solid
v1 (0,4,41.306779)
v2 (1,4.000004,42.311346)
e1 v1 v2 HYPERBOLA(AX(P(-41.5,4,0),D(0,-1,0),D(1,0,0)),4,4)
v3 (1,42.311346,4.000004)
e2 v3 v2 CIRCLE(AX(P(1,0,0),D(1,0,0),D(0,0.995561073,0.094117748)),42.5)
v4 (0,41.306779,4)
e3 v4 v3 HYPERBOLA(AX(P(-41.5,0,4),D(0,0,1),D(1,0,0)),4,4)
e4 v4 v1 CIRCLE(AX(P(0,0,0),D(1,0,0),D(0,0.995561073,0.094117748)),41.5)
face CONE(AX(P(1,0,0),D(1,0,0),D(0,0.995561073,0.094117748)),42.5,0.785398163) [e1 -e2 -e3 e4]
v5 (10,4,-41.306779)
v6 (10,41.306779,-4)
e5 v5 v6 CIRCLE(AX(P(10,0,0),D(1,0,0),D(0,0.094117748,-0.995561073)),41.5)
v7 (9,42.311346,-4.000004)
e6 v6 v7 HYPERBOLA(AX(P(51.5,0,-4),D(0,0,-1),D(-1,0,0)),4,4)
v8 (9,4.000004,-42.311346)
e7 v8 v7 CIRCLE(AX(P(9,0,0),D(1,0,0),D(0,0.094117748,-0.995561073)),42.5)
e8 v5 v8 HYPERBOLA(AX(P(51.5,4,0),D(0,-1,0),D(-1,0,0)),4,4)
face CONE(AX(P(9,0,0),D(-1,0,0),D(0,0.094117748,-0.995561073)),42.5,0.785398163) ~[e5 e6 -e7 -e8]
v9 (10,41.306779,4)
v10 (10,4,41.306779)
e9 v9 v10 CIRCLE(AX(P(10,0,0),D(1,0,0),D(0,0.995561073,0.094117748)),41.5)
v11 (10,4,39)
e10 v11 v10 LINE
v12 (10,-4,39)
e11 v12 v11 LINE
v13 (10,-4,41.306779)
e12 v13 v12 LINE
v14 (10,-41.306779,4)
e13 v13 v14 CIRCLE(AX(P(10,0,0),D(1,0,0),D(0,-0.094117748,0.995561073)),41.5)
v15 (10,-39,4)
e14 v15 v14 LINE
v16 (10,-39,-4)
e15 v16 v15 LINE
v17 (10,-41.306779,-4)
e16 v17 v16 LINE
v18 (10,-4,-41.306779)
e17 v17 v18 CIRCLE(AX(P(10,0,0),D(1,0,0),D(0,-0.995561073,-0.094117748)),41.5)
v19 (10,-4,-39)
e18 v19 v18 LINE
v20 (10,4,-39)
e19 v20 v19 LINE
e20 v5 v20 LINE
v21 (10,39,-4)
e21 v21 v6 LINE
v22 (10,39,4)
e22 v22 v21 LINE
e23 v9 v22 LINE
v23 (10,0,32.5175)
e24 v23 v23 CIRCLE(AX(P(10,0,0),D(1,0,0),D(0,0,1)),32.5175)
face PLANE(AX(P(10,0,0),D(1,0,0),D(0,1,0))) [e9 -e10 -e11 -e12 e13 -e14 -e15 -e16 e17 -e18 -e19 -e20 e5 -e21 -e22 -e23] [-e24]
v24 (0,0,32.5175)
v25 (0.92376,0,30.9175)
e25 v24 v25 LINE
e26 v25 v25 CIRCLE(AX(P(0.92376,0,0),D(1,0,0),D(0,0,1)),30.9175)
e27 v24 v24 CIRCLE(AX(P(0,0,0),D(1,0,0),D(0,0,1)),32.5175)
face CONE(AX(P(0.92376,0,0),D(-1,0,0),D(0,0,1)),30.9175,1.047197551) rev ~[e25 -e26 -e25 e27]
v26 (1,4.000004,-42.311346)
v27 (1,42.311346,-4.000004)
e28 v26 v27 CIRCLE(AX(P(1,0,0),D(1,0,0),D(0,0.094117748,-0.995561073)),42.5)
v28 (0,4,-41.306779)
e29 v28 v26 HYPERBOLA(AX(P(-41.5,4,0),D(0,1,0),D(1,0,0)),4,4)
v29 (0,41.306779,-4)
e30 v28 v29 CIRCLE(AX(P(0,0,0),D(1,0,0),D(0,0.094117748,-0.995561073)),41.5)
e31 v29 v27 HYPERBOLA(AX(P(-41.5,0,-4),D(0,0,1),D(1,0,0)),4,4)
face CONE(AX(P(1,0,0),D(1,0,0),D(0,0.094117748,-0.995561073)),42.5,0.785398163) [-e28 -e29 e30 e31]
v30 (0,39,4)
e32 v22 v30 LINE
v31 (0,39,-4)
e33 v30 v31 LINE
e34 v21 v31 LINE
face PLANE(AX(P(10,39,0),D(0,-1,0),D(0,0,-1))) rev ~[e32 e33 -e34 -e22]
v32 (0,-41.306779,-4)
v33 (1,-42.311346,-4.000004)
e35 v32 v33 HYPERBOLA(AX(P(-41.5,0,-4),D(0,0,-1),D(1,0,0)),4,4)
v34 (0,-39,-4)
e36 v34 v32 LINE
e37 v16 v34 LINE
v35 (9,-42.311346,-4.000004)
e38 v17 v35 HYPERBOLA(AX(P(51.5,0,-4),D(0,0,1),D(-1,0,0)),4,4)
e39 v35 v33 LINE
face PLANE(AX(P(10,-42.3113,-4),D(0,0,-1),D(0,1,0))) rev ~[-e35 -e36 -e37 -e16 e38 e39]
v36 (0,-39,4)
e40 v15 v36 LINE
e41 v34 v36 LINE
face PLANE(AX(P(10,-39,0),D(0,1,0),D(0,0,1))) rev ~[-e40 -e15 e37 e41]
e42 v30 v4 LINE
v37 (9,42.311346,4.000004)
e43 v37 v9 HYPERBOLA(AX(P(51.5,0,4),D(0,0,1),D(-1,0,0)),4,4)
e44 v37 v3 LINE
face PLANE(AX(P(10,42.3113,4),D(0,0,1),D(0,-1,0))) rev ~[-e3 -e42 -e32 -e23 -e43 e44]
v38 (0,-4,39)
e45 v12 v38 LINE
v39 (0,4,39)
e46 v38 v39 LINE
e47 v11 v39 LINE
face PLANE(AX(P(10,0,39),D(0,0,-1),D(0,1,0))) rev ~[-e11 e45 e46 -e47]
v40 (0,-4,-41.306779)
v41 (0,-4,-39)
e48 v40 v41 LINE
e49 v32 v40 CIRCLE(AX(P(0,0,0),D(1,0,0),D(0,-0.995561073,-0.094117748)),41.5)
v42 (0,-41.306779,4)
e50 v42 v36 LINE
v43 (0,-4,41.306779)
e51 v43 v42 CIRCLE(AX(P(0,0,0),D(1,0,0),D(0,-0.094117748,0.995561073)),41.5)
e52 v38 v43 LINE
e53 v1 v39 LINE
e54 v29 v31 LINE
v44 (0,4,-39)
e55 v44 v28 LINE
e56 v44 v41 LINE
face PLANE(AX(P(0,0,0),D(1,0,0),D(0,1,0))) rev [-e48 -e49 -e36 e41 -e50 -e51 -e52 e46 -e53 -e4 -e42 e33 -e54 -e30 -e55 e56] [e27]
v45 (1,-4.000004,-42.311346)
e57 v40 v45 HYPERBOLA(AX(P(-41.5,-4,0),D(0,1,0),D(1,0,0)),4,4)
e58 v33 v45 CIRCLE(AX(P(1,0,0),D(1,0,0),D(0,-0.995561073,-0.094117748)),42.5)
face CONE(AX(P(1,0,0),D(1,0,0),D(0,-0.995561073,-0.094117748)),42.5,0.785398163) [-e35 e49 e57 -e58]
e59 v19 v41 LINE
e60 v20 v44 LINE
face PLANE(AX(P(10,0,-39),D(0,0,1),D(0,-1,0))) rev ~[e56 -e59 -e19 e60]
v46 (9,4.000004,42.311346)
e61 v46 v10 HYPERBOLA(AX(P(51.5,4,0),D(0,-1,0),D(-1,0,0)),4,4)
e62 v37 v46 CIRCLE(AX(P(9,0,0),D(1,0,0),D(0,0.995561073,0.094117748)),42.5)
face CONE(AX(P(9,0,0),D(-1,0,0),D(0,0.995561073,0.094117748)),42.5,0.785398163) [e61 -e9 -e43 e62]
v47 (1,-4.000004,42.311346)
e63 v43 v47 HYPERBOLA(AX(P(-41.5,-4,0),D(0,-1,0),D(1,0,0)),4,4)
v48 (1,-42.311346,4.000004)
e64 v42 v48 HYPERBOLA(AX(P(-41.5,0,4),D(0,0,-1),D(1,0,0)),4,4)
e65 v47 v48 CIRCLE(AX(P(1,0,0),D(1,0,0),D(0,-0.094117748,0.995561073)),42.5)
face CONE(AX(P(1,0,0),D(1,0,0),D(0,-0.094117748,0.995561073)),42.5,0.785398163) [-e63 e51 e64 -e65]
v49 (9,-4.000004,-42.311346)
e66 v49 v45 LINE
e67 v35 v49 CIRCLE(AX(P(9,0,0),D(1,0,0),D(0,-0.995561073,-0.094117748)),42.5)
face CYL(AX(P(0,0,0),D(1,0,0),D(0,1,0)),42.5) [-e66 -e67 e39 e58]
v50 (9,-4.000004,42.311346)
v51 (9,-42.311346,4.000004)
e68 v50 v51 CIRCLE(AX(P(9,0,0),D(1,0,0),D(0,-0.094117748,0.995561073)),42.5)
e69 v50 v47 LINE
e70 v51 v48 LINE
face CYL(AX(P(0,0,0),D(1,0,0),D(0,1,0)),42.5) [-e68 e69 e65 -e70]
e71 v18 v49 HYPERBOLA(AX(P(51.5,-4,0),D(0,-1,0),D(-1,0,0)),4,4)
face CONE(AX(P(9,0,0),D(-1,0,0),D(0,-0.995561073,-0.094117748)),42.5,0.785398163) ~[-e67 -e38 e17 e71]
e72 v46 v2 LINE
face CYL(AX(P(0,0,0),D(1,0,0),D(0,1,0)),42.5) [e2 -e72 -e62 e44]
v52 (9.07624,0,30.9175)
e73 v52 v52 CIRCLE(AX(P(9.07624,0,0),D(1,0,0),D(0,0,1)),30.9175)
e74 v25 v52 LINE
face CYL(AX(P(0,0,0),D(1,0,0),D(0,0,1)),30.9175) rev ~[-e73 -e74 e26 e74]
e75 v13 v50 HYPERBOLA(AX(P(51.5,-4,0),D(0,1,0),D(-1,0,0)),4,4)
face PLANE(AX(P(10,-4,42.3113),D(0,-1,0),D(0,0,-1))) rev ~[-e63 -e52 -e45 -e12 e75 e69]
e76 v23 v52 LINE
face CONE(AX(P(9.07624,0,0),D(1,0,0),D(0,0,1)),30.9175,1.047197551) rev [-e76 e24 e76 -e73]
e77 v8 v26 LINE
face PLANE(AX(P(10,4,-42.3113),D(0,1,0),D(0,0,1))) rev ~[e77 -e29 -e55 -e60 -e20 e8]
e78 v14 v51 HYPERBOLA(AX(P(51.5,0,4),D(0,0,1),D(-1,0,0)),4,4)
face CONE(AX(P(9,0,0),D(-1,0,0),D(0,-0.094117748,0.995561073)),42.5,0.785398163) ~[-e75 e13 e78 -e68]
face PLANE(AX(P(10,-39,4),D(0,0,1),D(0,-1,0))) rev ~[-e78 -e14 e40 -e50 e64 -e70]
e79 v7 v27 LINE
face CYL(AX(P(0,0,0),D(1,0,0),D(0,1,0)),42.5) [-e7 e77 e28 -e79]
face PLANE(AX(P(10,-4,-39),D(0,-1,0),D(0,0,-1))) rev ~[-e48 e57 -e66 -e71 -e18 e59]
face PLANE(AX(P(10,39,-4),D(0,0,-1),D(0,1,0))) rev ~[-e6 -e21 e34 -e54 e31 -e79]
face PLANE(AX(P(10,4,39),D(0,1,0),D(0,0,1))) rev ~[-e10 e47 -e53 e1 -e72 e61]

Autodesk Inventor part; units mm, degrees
ref_plane "YZ Plane" through (0, 0, 0) normal (1, 0, 0) x (0, 1, 0)
ref_plane "XZ Plane" through (0, 0, 0) normal (0, 1, 0) x (-1, 0, 0)
sketch "草图1" plane through (0, 0, 0) normal (0, 0, 1) x (1, 0, 0)
  line L0 (0, 0) -> (10, 0)
  line L1 (0, 0) -> (0, 42.5)
  line L2 (0, 42.5) -> (10, 42.5)
  line L3 (10, 42.5) -> (10, 0)
  line L4 (0, 51) -> (0, -8.5) projected
  line L5 (-2, 0) -> (12, 0) projected
  dimension "d1" = 85
  dimension "d2" = 10
revolve "轴承体" add sketch "草图1" angle 360 about axis through (0, 0, 0) along (1, 0, 0)
sketch "草图2" plane through (0, 0, 0) normal (-1, 0, 0) x (0, 0, 1)
  circle A0 centre (0, 0) radius 42.5 projected
  point P0 (0, 0)
hole "螺纹" at (0, 0, 0) direction (1, 0, 0) diameter 61.835 end through all thread size "M64x2" class "6H" standard "GB Metric profile"
sketch "草图3" plane through (10, 0, 0) normal (1, 0, 0) x (0, 0, -1)
  circle A0 centre (0, 0) radius 42.5 projected
  line L0 (-4, 42.3113) -> (-4, 39)
  line L1 (-4, 39) -> (4, 39)
  line L2 (4, 39) -> (4, 42.3113)
  line L3 (0, -59.5) -> (0, 59.5) projected
  line L4 (-59.5, 0) -> (59.5, 0) projected
  dimension "d12" = 4
  dimension "d13" = 4
  dimension "d14" = 39
extrude "沟槽1" cut sketch "草图3" against normal through all contours L2 L1 L3 A0 | L3 L1 L0 A0
pattern_circular "IDS_ARRAYGROOVE{1}" count 4 over 360 about axis through (-10, 0, 0) along (1, 0, 0) of "沟槽1"
chamfer "倒角1" distance 1 angle 45 4 edges at (0, 30.052, -30.052) (0, 30.052, 30.052) (0, -30.052, -30.052) (0, -30.052, 30.052) measured on face at (0, -20.4276, -32.5865)
chamfer "倒角2" distance 1 angle 45 4 edges at (10, 30.052, 30.052) (10, 30.052, -30.052) (10, -30.052, -30.052) (10, -30.052, 30.052) measured on face at (10, -20.4276, -32.5865)
chamfer "倒角3" distance 1.6 angle 30 1 edges at (10, 0, -30.9175) measured on face at (10, 20.075, -32.0252)
chamfer "倒角4" distance 1.6 angle 30 1 edges at (0, 0, -30.9175) measured on face at (0, -20.075, -32.0252)
ref_plane "Work Plane1" through (120.6234, 0, 0) normal (0, 1, 0) x (-1, 0, 0)
equation "\"d1\" = SD2"
equation "\"d2\" = KOH"
equation "\"d12\" = 0.5 * SNB"
equation "\"d13\" = 0.5 * SNB"
equation "\"d14\" = 0.5 * SD2 - SNT"
equation "\"d10\" = -0.5 * LADI + 0.5 * SD2"
equation "\"d11\" = FAWI"
equation "\"d41\" = -0.5 * LADI + 0.5 * SD2"
equation "\"d25\" = -0.5 * LADI + 0.5 * SD2"
equation "\"d27\" = FAWI"
equation "\"d42\" = -0.5 * LADI + 0.5 * SD2"
equation "\"d18\" = 0.025 * NND"
equation "\"d43\" = 0.025 * NND"
equation "\"d20\" = 0.025 * NND"
equation "\"d44\" = 0.025 * NND"
equation "\"NND\" = 64"
equation "\"KOH\" = 10"
equation "\"SD2\" = 85"
equation "\"SNB\" = 8"
equation "\"SNT\" = 3.5"
equation "\"LADI\" = 83"
equation "\"FAWI\" = 45deg"
equation "\"GUL\" = 0.61345 * PTC"
equation "\"PHH\" = 1"
equation "\"THREADDIA\" = 64"
equation "\"TOA\" = 30deg"
equation "\"PTC\" = 2"
equation "\"FAWI1\" = 60deg"
equation "\"GAL\" = 0.61345 * PTC"
equation "\"GD1\" = THREADDIA - 1.2269 * PTC"
properties part number "螺母 GB 810 M64 x 2" material "钢，软"
